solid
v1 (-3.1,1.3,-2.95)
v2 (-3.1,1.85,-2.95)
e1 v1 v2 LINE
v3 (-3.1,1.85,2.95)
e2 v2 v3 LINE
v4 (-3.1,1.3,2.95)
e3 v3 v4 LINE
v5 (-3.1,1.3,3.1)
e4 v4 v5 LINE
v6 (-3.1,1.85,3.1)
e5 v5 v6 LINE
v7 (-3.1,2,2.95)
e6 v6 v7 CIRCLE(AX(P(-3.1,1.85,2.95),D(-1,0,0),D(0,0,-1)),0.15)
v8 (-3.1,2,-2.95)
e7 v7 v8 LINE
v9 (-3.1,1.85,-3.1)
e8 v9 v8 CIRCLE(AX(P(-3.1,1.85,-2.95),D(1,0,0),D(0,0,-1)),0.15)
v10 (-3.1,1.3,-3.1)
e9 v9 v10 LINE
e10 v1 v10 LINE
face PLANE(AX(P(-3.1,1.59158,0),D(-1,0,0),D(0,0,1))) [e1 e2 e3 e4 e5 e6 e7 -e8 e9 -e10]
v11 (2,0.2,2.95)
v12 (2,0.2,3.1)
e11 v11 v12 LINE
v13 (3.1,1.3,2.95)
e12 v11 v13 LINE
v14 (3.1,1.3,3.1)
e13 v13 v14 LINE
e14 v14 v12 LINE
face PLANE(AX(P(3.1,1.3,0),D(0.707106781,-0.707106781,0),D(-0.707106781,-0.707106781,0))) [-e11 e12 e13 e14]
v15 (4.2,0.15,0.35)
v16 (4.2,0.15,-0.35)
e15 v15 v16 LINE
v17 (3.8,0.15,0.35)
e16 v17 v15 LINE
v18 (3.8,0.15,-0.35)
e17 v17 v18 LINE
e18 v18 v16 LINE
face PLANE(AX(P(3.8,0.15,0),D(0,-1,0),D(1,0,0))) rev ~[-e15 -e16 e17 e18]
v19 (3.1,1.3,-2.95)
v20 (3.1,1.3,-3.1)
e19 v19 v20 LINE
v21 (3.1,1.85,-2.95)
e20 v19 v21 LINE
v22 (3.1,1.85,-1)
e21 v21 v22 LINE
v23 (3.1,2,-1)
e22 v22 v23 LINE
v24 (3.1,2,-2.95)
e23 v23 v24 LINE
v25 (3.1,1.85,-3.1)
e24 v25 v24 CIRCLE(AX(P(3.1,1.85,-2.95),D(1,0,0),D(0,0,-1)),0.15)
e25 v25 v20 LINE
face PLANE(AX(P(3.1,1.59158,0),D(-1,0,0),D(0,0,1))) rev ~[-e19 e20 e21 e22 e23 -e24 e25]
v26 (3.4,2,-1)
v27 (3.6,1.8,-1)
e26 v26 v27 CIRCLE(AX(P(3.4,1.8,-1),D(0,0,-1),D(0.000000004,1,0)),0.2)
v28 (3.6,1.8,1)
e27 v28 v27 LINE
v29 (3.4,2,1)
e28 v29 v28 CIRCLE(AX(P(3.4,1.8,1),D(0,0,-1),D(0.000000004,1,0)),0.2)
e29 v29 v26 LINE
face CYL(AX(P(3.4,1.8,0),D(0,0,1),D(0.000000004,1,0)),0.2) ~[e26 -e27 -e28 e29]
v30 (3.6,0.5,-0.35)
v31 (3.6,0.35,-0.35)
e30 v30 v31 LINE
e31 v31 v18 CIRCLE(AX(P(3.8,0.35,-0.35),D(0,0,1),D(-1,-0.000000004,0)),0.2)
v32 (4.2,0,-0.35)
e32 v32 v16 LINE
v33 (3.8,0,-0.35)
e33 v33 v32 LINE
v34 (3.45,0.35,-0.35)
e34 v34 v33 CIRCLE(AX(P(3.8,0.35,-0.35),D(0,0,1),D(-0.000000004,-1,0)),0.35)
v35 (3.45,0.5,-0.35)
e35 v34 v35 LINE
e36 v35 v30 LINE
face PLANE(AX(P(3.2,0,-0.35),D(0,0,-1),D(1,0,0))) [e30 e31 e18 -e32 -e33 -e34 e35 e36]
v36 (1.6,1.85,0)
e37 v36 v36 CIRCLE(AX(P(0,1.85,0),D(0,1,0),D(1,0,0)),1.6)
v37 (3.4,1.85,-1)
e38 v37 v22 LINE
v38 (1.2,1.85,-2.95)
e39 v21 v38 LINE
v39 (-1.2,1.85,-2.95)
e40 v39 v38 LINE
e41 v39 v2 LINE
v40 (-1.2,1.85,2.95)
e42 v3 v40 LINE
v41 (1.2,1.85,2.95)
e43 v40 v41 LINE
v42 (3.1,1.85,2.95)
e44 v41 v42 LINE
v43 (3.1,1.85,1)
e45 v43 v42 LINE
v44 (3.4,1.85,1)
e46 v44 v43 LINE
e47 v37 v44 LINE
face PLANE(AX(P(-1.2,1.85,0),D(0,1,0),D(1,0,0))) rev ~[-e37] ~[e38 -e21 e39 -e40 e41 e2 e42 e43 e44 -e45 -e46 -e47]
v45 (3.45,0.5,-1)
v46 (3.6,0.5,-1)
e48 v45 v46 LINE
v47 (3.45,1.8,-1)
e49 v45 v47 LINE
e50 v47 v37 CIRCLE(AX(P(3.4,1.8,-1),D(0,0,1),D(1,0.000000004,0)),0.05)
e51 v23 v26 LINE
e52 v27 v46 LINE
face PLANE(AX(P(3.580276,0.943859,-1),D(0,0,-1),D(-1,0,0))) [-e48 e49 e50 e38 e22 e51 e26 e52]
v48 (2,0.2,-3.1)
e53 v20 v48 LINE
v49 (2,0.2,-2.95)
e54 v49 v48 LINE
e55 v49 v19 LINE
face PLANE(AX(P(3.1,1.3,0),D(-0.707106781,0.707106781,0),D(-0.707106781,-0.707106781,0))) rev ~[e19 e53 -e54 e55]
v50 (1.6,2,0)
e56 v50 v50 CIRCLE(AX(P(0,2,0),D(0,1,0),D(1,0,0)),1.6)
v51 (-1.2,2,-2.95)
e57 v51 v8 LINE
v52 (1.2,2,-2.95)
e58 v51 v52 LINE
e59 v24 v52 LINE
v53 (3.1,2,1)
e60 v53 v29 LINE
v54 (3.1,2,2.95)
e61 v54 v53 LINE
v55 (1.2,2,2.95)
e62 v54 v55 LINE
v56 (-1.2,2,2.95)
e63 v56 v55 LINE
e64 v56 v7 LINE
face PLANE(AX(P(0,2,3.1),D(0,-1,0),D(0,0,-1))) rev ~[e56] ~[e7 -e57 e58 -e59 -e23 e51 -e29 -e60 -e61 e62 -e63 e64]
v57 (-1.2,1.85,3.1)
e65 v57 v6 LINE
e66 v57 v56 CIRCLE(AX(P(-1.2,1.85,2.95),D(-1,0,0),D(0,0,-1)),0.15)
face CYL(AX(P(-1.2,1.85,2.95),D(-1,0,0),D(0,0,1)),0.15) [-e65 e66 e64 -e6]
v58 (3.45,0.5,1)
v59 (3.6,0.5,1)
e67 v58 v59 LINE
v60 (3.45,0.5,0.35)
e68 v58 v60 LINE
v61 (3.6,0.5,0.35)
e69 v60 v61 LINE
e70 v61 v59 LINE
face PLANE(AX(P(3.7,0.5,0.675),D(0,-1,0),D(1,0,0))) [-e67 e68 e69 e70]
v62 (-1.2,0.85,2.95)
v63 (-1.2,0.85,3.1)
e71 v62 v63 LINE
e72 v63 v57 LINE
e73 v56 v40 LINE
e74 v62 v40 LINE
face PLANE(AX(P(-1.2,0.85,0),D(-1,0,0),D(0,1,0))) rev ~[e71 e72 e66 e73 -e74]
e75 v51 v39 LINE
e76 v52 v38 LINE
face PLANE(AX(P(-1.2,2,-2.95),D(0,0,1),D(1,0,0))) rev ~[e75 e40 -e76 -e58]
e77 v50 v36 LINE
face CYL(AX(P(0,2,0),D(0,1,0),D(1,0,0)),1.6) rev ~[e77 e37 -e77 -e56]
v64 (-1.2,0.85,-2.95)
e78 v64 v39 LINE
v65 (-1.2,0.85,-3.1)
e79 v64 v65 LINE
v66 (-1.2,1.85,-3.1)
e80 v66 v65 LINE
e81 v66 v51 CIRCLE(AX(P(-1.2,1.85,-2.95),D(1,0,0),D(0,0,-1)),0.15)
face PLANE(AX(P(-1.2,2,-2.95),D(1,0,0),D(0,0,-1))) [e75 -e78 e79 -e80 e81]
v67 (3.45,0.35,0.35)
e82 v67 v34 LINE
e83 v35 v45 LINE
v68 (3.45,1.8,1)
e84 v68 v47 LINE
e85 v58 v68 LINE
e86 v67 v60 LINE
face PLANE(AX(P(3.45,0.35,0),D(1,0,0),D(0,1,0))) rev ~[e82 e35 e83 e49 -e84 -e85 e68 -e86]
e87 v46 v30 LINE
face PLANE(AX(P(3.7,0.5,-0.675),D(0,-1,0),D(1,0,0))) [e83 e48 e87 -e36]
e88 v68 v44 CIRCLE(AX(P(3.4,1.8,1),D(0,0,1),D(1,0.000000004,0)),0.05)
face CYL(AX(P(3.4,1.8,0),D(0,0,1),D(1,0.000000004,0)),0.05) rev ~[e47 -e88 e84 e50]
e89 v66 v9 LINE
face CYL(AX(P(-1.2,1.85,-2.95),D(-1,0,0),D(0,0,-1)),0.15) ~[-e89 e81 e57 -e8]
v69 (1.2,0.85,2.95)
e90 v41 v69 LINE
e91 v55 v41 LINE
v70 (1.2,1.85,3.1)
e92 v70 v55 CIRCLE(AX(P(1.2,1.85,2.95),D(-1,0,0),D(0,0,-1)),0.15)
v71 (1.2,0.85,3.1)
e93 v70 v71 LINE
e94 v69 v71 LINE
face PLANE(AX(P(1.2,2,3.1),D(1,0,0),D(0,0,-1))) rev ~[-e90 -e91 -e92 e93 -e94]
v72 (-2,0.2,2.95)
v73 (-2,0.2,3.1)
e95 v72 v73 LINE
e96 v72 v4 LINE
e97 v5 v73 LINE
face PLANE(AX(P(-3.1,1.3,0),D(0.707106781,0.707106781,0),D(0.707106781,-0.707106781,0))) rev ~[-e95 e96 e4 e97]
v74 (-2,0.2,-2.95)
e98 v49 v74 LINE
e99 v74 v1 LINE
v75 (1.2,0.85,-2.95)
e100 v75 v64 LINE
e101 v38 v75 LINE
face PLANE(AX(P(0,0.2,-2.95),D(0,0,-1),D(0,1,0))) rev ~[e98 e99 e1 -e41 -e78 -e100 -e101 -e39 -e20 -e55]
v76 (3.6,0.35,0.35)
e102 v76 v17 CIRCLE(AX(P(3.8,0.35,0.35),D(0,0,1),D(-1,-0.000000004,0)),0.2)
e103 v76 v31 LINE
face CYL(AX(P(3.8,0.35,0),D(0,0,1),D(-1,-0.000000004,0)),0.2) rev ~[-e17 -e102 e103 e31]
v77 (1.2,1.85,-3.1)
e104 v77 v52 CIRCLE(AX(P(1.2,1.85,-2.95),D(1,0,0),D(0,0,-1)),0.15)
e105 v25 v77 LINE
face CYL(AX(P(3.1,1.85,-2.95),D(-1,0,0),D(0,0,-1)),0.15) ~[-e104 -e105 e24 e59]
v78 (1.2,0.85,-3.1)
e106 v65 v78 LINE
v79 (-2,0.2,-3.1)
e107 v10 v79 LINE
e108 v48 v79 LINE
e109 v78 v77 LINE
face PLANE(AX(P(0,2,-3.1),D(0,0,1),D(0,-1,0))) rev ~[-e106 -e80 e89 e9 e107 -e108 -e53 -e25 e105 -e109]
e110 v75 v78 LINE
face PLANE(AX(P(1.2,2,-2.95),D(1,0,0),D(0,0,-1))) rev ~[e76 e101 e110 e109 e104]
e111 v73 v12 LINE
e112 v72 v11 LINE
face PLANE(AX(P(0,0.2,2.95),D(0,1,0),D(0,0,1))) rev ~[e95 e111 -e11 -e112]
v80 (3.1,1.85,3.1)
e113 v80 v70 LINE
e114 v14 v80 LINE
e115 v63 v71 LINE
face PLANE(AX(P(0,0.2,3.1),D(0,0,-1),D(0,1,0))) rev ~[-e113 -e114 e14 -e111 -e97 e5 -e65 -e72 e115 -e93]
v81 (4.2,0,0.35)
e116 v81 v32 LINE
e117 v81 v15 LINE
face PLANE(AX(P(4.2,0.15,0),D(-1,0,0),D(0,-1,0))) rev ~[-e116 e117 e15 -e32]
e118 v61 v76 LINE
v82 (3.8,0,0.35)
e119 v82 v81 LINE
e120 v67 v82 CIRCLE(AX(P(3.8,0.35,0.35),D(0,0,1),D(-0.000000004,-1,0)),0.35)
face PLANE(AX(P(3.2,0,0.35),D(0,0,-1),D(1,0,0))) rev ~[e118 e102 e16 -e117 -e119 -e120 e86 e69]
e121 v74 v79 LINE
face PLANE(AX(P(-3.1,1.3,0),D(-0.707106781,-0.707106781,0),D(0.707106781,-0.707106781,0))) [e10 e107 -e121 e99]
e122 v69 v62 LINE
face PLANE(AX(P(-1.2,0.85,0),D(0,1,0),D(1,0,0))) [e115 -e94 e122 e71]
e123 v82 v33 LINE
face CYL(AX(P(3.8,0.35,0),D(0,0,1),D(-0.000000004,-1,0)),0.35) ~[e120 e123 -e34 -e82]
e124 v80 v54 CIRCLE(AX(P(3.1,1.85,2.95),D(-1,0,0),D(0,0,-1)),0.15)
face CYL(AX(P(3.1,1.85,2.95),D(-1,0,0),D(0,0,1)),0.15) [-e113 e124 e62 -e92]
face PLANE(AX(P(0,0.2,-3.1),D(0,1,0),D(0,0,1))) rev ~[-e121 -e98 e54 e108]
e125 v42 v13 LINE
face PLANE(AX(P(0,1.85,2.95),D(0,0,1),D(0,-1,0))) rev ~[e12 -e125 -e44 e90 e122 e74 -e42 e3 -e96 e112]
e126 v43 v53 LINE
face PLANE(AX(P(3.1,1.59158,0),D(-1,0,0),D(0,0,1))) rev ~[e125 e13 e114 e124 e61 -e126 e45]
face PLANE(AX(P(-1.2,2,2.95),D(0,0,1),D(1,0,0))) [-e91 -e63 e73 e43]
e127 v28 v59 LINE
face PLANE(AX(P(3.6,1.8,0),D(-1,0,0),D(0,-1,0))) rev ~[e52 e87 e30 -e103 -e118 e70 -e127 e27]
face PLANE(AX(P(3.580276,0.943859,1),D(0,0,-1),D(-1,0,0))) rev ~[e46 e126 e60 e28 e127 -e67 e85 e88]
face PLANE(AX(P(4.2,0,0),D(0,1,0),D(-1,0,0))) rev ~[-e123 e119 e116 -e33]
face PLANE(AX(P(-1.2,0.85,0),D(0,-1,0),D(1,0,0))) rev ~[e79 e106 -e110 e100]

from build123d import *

# Parameters (mm, degrees)
EXTRUDE_THIN3_DEPTH     = 3.1
SKETCH2_W               = 2.4
SKETCH2_H               = 1
CUT_EXTRUDE1_DEPTH      = 4.1
CUT_EXTRUDE1_DEPTH_BACK = 4.1
SKETCH3_W               = 2.4
SKETCH3_H               = 0.15
CUT_EXTRUDE2_DEPTH      = 1
FILLET1_R               = 0.15
SKETCH4_R               = 1.6
CUT_EXTRUDE3_DEPTH      = 1
EXTRUDE_THIN4_DEPTH     = 1
SKETCH6_W               = 1
SKETCH6_H               = 0.65
CUT_EXTRUDE4_DEPTH      = 0.5


with BuildPart() as part:
    # Sketch1 → Extrude-Thin3 (new body, symmetric)
    with BuildSketch(Plane(origin=(0, 0, 0), x_dir=(0, 0, -1), z_dir=(1, 0, 0))):
        Polygon((-3.1, 0.2), (-3.1, 2), (3.1, 2), (3.1, 0.2), (2.95, 0.2), (2.95, 1.85), (-2.95, 1.85), (-2.95, 0.2), align=None)
    extrude(amount=EXTRUDE_THIN3_DEPTH, both=True)

    # Sketch2 → Cut-Extrude1 (cut, two sides)
    with BuildSketch(Plane.XY) as cut_extrude1_sk:
        with Locations((0, 1.35)):
            Rectangle(SKETCH2_W, SKETCH2_H)
        Polygon((-3.1, 1.3), (-2, 0.2), (-3.1, 0.2), align=None)
        Polygon((3.1, 0.2), (3.1, 1.3), (2, 0.2), align=None)
    extrude(amount=CUT_EXTRUDE1_DEPTH, mode=Mode.SUBTRACT)
    extrude(cut_extrude1_sk.sketch, amount=-CUT_EXTRUDE1_DEPTH_BACK, mode=Mode.SUBTRACT)

    # Sketch3 → Cut-Extrude2 (cut)
    with BuildSketch(Plane(origin=(0, 2, 0), x_dir=(1, 0, 0), z_dir=(0, 1, 0))):
        with Locations((0, 3.025)):
            Rectangle(SKETCH3_W, SKETCH3_H)
        with Locations((0, -3.025)):
            Rectangle(SKETCH3_W, SKETCH3_H)
    extrude(amount=-CUT_EXTRUDE2_DEPTH, mode=Mode.SUBTRACT)

    # Fillet1
    fillet1_edges = [part.edges().sort_by_distance(p)[0] for p in [
        (-2.15, 2, -3.1),
        (2.15, 2, -3.1),
        (-2.15, 2, 3.1),
        (2.15, 2, 3.1),
    ]]
    fillet(fillet1_edges, radius=FILLET1_R)

    # Sketch4 → Cut-Extrude3 (cut)
    with BuildSketch(Plane(origin=(0, 2, 0), x_dir=(1, 0, 0), z_dir=(0, 1, 0))):
        Circle(SKETCH4_R)
    extrude(amount=-CUT_EXTRUDE3_DEPTH, mode=Mode.SUBTRACT)

    # Sketch5 → Extrude-Thin4 (add, symmetric)
    with BuildSketch(Plane.XY):
        with BuildLine():
            Line((3.1, 2), (3.4, 2))
            ThreePointArc((3.4, 2), (3.541421356, 1.941421356), (3.6, 1.8))
            Line((3.6, 1.8), (3.6, 0.35))
            ThreePointArc((3.6, 0.35), (3.658578644, 0.208578644), (3.8, 0.15))
            Line((3.8, 0.15), (4.2, 0.15))
            Line((4.2, 0.15), (4.2, 0))
            Line((4.2, 0), (3.8, 0))
            ThreePointArc((3.8, 0), (3.552512627, 0.102512627), (3.45, 0.35))
            Line((3.45, 0.35), (3.45, 1.8))
            ThreePointArc((3.45, 1.8), (3.435355339, 1.835355339), (3.4, 1.85))
            Line((3.4, 1.85), (3.1, 1.85))
            Line((3.1, 1.85), (3.1, 2))
        make_face()
    extrude(amount=EXTRUDE_THIN4_DEPTH, both=True)

    # Sketch6 → Cut-Extrude4 (cut)
    with BuildSketch(Plane.XZ):
        with Locations((3.7, 0.675)):
            Rectangle(SKETCH6_W, SKETCH6_H)
        with Locations((3.7, -0.675)):
            Rectangle(SKETCH6_W, SKETCH6_H)
    extrude(amount=-CUT_EXTRUDE4_DEPTH, mode=Mode.SUBTRACT)


solid = part.part
